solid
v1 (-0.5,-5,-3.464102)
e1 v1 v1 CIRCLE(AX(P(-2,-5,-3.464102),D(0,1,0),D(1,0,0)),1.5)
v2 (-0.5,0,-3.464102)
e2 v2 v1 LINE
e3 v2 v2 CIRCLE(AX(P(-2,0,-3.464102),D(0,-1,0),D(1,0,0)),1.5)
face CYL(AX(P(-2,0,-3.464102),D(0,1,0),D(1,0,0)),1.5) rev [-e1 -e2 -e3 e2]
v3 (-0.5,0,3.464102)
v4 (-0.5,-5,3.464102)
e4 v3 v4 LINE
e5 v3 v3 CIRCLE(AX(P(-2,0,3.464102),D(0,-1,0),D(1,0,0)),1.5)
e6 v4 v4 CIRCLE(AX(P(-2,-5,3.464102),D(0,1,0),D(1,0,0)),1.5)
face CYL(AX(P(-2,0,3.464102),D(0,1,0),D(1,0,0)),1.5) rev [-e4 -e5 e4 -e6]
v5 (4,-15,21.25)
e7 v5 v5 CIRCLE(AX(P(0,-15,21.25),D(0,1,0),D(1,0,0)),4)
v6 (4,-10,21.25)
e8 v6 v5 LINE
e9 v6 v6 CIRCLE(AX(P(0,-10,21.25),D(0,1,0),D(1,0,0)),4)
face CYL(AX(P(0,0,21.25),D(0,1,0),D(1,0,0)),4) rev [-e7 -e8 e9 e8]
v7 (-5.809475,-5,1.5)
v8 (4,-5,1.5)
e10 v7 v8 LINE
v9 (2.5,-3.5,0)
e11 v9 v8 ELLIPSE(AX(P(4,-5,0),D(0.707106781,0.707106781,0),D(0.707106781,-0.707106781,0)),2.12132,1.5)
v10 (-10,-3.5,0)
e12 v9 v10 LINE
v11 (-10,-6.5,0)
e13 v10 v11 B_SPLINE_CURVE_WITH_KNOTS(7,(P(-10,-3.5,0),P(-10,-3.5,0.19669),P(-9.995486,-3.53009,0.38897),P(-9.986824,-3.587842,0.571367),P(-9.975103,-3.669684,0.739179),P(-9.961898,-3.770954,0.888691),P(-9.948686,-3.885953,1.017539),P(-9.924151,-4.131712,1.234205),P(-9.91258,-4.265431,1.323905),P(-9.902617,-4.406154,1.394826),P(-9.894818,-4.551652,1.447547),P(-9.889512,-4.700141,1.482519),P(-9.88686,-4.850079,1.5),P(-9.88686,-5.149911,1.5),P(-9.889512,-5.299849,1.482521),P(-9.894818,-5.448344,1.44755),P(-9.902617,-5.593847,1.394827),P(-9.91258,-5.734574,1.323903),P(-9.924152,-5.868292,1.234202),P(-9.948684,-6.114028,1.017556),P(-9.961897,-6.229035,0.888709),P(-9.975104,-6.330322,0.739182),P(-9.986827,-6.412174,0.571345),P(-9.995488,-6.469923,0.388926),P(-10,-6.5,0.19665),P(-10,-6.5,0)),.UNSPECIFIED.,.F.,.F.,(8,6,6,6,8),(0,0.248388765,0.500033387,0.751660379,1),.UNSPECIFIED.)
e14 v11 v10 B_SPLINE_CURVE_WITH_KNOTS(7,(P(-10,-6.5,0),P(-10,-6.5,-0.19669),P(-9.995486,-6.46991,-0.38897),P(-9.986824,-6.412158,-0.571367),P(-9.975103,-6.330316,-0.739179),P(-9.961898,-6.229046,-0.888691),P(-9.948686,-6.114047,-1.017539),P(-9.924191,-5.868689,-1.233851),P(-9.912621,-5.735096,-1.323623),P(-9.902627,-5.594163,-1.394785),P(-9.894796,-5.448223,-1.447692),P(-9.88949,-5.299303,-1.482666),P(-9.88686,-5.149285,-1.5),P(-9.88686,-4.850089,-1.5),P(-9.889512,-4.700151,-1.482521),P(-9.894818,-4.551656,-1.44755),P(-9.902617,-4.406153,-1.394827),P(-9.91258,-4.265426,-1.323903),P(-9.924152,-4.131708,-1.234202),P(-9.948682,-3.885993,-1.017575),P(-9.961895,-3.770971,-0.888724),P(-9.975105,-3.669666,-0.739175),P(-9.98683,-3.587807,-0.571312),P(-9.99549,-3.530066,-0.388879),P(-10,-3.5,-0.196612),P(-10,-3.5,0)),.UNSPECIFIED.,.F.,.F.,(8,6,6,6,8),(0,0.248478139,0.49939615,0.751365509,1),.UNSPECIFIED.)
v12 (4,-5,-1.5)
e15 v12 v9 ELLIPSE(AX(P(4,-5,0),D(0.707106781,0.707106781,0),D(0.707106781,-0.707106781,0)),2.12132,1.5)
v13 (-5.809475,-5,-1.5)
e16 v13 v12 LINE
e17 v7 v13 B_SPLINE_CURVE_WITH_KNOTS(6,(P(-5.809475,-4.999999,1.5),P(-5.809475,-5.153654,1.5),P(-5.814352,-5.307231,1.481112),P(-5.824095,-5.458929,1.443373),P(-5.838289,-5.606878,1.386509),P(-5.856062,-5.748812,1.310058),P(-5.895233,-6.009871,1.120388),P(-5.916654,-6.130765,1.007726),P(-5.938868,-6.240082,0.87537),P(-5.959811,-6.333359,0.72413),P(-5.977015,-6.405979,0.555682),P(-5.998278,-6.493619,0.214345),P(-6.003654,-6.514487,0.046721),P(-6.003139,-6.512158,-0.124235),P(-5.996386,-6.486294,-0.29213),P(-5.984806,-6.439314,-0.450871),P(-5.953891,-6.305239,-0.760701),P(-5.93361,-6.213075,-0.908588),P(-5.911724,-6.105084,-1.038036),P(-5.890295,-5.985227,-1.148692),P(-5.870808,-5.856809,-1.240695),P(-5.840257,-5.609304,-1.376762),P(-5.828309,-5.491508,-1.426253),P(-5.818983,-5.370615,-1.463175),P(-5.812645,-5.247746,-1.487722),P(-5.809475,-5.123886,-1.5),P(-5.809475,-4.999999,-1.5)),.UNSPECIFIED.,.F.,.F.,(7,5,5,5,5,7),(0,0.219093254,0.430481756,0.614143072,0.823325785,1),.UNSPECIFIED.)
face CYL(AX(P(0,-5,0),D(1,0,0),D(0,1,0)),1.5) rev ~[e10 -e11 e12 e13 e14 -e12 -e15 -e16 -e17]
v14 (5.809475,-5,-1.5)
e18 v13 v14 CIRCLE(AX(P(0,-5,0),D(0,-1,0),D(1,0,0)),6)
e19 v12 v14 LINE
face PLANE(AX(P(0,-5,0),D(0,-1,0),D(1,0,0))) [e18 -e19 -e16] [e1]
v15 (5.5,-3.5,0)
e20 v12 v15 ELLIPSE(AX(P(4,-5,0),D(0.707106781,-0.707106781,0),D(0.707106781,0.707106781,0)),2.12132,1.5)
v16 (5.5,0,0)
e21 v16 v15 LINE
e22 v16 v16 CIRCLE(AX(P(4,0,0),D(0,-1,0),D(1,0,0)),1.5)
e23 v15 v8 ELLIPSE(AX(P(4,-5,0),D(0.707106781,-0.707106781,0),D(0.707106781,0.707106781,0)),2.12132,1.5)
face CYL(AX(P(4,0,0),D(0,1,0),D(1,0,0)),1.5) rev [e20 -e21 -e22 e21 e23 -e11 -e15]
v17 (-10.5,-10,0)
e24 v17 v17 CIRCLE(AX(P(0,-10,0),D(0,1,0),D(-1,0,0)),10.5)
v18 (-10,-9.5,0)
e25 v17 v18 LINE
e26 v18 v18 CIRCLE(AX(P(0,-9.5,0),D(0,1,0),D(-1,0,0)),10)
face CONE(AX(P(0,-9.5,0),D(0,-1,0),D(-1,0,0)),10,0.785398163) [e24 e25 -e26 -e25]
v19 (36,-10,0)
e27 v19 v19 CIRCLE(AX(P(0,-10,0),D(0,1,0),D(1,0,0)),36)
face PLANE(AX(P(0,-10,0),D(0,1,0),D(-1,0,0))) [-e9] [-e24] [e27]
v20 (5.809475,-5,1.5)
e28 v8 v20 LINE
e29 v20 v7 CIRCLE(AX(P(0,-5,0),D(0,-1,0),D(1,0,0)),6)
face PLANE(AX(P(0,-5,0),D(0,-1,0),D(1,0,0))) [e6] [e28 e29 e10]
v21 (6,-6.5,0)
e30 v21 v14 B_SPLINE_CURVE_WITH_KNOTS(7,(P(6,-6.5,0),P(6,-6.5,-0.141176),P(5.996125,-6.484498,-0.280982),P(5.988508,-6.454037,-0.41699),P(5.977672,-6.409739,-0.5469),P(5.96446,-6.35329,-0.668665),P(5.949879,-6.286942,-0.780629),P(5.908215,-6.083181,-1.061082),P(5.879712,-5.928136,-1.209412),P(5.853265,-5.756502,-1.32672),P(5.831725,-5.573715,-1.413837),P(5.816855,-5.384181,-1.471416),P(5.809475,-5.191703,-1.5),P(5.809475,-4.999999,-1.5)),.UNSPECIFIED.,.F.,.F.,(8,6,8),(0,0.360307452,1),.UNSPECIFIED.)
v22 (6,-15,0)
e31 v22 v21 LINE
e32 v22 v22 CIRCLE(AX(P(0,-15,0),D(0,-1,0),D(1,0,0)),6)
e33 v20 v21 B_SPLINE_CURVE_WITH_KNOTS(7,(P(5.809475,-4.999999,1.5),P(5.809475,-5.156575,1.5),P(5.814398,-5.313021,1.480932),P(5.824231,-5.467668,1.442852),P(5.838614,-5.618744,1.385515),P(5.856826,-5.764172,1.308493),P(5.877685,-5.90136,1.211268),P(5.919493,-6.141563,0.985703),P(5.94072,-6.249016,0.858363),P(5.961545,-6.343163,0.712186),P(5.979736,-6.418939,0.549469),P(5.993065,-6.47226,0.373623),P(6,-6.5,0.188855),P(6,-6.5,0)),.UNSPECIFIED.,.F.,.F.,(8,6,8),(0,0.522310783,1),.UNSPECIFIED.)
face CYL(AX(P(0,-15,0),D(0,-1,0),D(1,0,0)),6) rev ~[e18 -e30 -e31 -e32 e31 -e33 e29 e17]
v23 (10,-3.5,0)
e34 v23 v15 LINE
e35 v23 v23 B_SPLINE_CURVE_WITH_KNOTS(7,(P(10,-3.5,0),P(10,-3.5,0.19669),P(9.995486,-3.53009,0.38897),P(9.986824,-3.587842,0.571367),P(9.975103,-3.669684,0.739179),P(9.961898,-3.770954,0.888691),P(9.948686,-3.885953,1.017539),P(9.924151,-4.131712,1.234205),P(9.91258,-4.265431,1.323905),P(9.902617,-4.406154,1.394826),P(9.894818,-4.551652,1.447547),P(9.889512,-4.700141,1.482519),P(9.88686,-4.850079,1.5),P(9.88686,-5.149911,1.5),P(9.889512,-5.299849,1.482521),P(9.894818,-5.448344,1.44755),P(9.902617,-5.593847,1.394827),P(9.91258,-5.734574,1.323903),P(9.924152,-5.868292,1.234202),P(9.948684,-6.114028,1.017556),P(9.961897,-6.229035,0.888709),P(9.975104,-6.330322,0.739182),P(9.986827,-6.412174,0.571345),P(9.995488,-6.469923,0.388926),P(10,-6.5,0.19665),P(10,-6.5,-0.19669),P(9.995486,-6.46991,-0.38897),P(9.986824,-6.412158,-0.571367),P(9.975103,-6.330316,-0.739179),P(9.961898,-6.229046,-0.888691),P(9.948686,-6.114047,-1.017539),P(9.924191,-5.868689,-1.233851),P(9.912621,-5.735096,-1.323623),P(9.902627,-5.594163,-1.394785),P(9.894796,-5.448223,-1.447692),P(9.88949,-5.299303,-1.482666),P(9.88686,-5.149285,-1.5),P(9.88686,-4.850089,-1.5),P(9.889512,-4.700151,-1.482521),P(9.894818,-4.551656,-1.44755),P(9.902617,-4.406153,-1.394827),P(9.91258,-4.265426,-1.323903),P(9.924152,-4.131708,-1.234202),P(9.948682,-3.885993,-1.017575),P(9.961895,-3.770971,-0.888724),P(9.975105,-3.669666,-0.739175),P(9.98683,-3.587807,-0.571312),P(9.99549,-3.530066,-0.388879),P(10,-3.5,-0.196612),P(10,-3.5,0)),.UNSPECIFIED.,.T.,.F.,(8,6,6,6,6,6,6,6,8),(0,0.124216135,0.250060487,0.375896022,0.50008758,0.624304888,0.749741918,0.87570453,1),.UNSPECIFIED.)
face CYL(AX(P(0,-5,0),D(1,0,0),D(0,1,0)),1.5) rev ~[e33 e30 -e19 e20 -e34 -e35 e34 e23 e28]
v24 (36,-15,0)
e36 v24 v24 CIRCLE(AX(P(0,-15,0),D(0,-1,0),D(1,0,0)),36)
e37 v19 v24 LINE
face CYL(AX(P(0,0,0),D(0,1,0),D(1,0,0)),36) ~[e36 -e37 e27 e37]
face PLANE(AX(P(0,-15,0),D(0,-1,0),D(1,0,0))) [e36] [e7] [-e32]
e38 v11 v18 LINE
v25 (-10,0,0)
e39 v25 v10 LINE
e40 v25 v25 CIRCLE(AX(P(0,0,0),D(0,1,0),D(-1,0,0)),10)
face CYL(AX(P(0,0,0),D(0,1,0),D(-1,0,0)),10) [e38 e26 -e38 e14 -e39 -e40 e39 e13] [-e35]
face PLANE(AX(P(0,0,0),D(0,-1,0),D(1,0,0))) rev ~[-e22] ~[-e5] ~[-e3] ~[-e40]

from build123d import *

# Parameters (mm, degrees)
F0_R          = 36
F1_DEPTH      = 15
F2_R          = 65
F2_R_2        = 10
F3_DEPTH      = 10
F4_SIZE       = 0.5
F5_R          = 1.5
F6_DEPTH      = 25
F6_DEPTH_BACK = 25
F7_R          = 4
F8_DEPTH      = 25
F9_R          = 1.5
F10_DEPTH     = 15
F11_R         = 6
F12_DEPTH     = 10


with BuildPart() as f1:
    # F0 (on Front) → F1 (new body)
    with BuildSketch(Plane.XZ):
        Circle(F0_R)
    extrude(amount=F1_DEPTH)

    # F2 (on face) → F3 (cut)
    with BuildSketch(Plane(origin=(0, 0, 0), x_dir=(-1, 0, 0), z_dir=(0, 1, 0))):
        Circle(F2_R)
        Circle(F2_R_2, mode=Mode.SUBTRACT)
    extrude(amount=-F3_DEPTH, mode=Mode.SUBTRACT)

    # F4
    f4_edges = [f1.edges().sort_by_distance(p)[0] for p in [
        (10, -10, 0),
    ]]
    chamfer(f4_edges, length=F4_SIZE)

    # F5 (on Right) → F6 (cut, two sides)
    with BuildSketch(Plane.YZ) as f6_sk:
        with Locations((-5, 0)):
            Circle(F5_R)
    extrude(amount=F6_DEPTH, mode=Mode.SUBTRACT)
    extrude(f6_sk.sketch, amount=-F6_DEPTH_BACK, mode=Mode.SUBTRACT)

    # F7 (on Front) → F8 (cut)
    with BuildSketch(Plane.XZ):
        with Locations((0, 21.25)):
            Circle(F7_R)
    extrude(amount=F8_DEPTH, mode=Mode.SUBTRACT)

    # F9 (on Front) → F10 (cut)
    with BuildSketch(Plane.XZ):
        with Locations((-2, 3.464102)):
            Circle(F9_R)
        with Locations((-2, -3.464102)):
            Circle(F9_R)
        with Locations((4, 0)):
            Circle(F9_R)
    extrude(amount=F10_DEPTH, mode=Mode.SUBTRACT)

    # F11 (on face) → F12 (cut)
    with BuildSketch(Plane.XZ.offset(15)):
        Circle(F11_R)
    extrude(amount=-F12_DEPTH, mode=Mode.SUBTRACT)


solid = f1.part
